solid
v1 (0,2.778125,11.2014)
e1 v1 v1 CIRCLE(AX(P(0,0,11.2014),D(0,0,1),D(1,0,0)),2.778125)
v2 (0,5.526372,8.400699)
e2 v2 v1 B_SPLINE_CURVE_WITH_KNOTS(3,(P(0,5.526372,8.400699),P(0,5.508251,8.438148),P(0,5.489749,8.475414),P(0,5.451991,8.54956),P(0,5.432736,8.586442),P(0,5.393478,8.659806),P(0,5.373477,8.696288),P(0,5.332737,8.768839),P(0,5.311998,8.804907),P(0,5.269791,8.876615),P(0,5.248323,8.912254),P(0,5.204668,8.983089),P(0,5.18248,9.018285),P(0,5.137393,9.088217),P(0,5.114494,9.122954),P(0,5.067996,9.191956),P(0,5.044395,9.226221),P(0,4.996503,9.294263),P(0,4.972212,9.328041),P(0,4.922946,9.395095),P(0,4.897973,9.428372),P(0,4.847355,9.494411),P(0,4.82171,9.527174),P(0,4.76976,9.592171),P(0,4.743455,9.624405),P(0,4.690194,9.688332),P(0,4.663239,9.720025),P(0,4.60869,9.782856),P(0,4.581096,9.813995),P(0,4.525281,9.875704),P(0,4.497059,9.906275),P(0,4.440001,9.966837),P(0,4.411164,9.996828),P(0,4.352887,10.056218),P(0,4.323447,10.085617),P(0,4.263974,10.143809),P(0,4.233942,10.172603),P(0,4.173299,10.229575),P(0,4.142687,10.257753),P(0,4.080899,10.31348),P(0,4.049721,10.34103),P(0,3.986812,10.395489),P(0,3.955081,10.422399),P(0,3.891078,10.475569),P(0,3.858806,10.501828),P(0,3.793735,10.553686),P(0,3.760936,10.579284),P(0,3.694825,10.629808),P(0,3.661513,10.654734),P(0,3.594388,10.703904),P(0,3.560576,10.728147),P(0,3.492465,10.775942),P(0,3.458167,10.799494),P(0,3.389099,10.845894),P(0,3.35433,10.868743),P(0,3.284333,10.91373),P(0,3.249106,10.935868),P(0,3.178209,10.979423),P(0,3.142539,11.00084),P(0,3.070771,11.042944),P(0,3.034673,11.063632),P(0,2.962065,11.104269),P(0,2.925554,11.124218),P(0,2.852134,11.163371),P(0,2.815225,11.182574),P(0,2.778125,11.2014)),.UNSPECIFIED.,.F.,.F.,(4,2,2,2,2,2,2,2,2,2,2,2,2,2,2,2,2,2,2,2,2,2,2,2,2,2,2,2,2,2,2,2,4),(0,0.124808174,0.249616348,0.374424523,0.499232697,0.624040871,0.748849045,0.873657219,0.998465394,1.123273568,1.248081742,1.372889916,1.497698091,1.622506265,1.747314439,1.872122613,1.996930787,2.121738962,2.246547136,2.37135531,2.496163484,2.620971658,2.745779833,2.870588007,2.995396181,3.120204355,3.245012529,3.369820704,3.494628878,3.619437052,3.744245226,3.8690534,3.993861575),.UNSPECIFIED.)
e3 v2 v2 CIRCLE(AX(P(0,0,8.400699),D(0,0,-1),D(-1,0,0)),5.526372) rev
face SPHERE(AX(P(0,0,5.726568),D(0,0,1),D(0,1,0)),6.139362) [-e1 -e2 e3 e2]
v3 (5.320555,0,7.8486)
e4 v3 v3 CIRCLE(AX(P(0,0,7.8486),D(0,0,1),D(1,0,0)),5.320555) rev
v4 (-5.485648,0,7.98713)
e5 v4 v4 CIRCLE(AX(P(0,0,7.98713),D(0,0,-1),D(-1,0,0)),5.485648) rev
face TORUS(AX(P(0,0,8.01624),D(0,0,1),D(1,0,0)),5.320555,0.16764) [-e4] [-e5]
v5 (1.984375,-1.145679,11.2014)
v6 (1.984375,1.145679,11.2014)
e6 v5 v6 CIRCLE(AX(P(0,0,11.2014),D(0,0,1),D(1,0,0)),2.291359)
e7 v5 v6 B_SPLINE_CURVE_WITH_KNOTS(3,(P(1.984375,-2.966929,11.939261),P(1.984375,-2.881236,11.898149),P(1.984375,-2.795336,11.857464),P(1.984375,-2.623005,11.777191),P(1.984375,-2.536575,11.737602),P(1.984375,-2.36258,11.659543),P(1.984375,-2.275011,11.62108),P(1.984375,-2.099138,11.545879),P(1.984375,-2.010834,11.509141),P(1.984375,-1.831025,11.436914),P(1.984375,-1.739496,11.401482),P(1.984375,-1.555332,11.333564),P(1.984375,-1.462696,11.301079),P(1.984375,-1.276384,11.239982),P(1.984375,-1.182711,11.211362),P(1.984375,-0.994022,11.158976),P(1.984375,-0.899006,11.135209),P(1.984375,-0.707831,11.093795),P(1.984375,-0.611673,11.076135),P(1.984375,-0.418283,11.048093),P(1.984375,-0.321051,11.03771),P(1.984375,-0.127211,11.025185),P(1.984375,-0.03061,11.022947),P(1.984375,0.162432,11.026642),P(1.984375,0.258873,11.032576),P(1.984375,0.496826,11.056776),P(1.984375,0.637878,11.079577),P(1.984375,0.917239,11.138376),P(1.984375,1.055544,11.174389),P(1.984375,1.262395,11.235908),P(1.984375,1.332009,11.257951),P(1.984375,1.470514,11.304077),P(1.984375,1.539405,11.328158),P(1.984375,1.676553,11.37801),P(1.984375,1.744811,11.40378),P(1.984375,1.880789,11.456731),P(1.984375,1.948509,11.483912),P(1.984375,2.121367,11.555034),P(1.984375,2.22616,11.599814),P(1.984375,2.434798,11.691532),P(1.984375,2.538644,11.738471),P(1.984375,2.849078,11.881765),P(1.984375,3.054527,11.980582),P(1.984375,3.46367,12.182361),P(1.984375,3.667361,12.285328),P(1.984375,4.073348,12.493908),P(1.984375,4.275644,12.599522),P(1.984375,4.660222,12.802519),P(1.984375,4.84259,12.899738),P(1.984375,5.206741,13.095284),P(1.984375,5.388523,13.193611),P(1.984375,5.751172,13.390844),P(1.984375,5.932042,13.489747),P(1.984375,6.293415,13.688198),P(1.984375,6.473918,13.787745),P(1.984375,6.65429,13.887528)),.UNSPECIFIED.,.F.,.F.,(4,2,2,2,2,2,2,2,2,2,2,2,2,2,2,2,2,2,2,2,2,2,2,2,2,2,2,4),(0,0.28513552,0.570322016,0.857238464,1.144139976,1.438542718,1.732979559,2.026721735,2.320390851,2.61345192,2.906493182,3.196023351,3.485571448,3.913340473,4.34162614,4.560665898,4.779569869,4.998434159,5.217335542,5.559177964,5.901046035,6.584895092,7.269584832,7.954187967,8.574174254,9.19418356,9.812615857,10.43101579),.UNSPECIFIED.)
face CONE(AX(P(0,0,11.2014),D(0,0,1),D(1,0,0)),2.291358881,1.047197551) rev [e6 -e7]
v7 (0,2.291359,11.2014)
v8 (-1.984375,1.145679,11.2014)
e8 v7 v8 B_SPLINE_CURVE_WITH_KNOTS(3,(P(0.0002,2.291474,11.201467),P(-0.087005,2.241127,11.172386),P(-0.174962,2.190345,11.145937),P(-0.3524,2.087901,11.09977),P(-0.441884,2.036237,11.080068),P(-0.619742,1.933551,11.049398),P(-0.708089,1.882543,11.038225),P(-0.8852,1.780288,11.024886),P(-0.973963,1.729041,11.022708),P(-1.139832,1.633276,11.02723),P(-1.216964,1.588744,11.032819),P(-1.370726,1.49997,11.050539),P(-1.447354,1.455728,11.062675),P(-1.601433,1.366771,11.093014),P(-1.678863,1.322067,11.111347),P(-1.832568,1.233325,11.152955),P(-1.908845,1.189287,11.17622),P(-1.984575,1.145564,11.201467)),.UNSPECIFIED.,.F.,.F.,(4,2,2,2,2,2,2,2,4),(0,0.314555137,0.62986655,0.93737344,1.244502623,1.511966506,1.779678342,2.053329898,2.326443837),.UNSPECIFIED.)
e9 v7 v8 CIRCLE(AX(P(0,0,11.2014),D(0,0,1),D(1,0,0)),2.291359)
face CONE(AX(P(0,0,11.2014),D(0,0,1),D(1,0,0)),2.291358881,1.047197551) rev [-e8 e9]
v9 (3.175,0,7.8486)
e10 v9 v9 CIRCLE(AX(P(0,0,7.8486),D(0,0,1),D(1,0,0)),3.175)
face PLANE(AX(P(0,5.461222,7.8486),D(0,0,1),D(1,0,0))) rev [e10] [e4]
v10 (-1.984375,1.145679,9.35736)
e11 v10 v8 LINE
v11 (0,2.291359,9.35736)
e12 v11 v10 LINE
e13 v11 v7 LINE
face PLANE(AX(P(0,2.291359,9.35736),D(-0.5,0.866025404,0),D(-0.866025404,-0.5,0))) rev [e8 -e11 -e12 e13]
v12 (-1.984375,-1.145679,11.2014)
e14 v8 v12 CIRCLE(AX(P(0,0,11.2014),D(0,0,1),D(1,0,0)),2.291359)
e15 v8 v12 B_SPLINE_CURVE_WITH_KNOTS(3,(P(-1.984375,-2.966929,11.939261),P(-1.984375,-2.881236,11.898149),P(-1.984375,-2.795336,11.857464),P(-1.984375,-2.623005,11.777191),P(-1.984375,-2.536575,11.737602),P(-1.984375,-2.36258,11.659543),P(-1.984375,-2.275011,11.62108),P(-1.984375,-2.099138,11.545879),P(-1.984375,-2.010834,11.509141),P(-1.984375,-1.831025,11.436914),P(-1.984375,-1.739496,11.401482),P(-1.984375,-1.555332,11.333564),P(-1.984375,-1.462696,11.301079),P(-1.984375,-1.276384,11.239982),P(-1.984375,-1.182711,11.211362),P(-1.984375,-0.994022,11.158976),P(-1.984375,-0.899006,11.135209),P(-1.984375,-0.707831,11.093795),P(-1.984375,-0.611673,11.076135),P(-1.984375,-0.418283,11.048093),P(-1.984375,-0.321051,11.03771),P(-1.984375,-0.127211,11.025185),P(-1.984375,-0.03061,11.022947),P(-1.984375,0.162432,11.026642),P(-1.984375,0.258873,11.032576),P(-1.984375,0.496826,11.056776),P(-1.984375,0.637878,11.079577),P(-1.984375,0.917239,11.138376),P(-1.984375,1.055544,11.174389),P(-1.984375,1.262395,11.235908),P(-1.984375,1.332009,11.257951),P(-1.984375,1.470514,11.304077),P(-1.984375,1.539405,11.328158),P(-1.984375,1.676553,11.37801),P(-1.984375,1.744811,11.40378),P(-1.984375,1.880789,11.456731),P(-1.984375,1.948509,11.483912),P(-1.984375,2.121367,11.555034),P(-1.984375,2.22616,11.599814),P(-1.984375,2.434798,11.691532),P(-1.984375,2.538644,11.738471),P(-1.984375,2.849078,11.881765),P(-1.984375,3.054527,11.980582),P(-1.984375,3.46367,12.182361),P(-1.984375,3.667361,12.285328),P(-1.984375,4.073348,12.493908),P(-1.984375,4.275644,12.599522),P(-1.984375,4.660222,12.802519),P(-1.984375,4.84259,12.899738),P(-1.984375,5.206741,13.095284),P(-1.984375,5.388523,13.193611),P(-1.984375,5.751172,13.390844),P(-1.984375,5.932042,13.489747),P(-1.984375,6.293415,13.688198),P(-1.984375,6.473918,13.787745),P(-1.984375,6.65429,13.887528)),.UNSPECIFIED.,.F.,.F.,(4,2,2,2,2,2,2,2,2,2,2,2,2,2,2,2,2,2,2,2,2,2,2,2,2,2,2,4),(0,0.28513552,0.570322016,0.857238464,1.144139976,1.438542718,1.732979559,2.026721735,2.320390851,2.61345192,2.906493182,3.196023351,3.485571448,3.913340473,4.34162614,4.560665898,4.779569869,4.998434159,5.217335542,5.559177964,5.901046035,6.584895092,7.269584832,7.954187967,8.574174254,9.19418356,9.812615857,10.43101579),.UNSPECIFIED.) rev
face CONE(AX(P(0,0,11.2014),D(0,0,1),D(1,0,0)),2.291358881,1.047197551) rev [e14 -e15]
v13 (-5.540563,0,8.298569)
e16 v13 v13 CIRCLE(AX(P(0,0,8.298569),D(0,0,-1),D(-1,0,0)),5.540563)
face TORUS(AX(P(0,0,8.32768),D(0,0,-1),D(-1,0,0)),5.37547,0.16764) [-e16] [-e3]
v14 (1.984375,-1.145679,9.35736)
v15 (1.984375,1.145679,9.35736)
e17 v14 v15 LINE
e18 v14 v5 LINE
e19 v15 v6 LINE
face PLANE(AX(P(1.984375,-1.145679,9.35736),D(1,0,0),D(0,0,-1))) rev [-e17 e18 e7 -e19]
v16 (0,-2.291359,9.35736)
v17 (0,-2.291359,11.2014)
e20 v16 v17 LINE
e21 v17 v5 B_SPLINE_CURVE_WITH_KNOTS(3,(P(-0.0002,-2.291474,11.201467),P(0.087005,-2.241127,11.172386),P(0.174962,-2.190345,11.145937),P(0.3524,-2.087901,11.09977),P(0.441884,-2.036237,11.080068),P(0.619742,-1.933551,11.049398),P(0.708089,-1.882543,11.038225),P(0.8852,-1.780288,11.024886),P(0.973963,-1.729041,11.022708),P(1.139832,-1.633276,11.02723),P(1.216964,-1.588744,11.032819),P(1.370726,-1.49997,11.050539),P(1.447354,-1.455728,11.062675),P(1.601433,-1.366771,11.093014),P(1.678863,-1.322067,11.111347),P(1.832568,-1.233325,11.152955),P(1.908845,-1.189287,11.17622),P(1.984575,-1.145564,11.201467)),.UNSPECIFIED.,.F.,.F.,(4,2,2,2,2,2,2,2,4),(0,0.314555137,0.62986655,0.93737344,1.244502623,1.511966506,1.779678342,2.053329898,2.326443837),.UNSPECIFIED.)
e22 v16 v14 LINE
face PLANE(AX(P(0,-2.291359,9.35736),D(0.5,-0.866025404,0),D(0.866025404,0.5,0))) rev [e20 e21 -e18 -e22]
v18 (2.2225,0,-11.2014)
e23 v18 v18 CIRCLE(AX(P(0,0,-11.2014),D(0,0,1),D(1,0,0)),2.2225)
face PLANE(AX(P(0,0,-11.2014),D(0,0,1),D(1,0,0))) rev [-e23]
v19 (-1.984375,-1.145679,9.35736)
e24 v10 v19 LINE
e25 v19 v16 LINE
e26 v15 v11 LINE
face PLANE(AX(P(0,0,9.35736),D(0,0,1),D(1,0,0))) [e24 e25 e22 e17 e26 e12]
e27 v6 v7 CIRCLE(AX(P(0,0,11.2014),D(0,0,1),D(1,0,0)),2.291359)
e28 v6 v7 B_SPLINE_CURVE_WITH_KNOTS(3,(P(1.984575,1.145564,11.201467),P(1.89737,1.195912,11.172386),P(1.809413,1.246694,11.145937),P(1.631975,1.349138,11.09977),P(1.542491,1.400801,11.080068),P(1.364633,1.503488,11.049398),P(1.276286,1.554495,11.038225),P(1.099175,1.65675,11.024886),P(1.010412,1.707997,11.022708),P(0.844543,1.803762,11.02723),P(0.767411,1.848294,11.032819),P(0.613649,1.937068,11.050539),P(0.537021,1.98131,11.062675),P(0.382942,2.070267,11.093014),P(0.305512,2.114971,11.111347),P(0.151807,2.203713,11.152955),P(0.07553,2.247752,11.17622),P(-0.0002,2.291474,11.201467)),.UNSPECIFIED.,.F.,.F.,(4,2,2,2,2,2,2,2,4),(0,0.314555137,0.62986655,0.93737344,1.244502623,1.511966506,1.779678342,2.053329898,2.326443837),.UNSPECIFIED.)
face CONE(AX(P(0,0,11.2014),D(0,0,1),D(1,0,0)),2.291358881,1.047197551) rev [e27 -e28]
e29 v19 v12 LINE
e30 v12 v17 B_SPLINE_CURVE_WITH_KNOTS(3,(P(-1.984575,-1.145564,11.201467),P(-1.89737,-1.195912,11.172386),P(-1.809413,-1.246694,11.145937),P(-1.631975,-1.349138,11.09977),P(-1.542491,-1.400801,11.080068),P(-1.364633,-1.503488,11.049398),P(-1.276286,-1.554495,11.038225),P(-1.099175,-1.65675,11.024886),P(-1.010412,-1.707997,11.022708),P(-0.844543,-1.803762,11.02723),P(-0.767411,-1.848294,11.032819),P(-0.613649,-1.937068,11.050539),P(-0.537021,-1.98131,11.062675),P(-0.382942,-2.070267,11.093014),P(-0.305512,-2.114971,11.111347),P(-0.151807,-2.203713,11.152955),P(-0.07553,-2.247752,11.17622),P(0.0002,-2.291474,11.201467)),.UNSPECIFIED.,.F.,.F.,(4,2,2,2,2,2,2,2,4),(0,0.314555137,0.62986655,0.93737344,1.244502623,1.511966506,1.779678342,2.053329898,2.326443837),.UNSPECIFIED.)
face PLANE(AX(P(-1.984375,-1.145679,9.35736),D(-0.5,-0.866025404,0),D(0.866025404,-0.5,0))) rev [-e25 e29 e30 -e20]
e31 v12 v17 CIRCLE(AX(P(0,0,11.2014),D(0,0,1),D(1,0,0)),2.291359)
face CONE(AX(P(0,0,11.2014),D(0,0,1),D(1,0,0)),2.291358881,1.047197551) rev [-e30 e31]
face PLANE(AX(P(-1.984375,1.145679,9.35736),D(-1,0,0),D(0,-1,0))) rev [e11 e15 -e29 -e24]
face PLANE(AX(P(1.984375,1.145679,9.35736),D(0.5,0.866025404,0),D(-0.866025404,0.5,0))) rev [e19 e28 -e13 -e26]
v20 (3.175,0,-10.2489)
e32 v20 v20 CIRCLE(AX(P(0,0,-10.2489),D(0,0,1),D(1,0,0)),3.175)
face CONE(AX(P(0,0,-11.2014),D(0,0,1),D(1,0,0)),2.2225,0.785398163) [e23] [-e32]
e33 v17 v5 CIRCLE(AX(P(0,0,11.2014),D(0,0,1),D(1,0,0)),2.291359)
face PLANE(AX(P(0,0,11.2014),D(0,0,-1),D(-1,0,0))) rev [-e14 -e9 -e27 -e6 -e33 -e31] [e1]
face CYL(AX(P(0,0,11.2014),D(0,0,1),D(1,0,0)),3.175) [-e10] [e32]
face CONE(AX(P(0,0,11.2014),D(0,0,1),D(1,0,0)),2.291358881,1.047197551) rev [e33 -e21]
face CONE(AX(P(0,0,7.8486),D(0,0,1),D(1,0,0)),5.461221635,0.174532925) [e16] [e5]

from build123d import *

# Parameters (mm, degrees)
CUT_EXTRUDE1_DEPTH = 1.84404
FILLET1_R          = 0.16764


with BuildPart() as part:
    # Sketch3 → Revolve1 (revolve)
    with BuildSketch(Plane(origin=(0, 0, 0), x_dir=(0, 0, -1), z_dir=(1, 0, 0)), mode=Mode.PRIVATE) as revolve1_sk:
        with BuildLine():
            Line((-11.2014, 0), (-11.2014, 2.778125))
            ThreePointArc((-11.2014, 2.778125), (-10.007024687, 4.401074199), (-8.35152, 5.5499))
            Line((-8.35152, 5.5499), (-7.8486, 5.461221635))
            Line((-7.8486, 5.461221635), (-7.8486, 3.175))
            Line((-7.8486, 3.175), (10.2489, 3.175))
            Line((10.2489, 3.175), (11.2014, 2.2225))
            Line((11.2014, 2.2225), (11.2014, 0))
            Line((11.2014, 0), (-11.2014, 0))
        make_face()
    revolve(revolve1_sk.sketch.rotate(Axis((0, 0, 11.2014), (0, 0, -1)), 90), axis=Axis((0, 0, 11.2014), (0, 0, -1)))

    # Sketch4 → Cut-Extrude1 (cut)
    with BuildSketch(Plane.XY.offset(11.2014)):
        Polygon((-1.984375, -1.14567944), (0, -2.291358881), (1.984375, -1.14567944), (1.984375, 1.14567944), (0, 2.291358881), (-1.984375, 1.14567944), align=None)
    extrude(amount=-CUT_EXTRUDE1_DEPTH, mode=Mode.SUBTRACT)

    # Cut-Extrude2 cone 1 section (through the dimple's axis) → Cut-Extrude2 (revolve, cut)
    with BuildSketch(Plane(origin=(0, 0, 11.2014), x_dir=(0, -1, 0), z_dir=(1, 0, 0))):
        Polygon((0, 0), (2.291358881, 0), (0, 1.322916667), align=None)
    revolve(axis=Axis((0, 0, 11.2014), (0, 0, -1)), mode=Mode.SUBTRACT)

    # Fillet1
    fillet1_edges = [part.edges().sort_by_distance(p)[0] for p in [
        (-5.461221635, 0, 7.8486),
        (-5.5499, 0, 8.35152),
    ]]
    fillet(fillet1_edges, radius=FILLET1_R)


solid = part.part
